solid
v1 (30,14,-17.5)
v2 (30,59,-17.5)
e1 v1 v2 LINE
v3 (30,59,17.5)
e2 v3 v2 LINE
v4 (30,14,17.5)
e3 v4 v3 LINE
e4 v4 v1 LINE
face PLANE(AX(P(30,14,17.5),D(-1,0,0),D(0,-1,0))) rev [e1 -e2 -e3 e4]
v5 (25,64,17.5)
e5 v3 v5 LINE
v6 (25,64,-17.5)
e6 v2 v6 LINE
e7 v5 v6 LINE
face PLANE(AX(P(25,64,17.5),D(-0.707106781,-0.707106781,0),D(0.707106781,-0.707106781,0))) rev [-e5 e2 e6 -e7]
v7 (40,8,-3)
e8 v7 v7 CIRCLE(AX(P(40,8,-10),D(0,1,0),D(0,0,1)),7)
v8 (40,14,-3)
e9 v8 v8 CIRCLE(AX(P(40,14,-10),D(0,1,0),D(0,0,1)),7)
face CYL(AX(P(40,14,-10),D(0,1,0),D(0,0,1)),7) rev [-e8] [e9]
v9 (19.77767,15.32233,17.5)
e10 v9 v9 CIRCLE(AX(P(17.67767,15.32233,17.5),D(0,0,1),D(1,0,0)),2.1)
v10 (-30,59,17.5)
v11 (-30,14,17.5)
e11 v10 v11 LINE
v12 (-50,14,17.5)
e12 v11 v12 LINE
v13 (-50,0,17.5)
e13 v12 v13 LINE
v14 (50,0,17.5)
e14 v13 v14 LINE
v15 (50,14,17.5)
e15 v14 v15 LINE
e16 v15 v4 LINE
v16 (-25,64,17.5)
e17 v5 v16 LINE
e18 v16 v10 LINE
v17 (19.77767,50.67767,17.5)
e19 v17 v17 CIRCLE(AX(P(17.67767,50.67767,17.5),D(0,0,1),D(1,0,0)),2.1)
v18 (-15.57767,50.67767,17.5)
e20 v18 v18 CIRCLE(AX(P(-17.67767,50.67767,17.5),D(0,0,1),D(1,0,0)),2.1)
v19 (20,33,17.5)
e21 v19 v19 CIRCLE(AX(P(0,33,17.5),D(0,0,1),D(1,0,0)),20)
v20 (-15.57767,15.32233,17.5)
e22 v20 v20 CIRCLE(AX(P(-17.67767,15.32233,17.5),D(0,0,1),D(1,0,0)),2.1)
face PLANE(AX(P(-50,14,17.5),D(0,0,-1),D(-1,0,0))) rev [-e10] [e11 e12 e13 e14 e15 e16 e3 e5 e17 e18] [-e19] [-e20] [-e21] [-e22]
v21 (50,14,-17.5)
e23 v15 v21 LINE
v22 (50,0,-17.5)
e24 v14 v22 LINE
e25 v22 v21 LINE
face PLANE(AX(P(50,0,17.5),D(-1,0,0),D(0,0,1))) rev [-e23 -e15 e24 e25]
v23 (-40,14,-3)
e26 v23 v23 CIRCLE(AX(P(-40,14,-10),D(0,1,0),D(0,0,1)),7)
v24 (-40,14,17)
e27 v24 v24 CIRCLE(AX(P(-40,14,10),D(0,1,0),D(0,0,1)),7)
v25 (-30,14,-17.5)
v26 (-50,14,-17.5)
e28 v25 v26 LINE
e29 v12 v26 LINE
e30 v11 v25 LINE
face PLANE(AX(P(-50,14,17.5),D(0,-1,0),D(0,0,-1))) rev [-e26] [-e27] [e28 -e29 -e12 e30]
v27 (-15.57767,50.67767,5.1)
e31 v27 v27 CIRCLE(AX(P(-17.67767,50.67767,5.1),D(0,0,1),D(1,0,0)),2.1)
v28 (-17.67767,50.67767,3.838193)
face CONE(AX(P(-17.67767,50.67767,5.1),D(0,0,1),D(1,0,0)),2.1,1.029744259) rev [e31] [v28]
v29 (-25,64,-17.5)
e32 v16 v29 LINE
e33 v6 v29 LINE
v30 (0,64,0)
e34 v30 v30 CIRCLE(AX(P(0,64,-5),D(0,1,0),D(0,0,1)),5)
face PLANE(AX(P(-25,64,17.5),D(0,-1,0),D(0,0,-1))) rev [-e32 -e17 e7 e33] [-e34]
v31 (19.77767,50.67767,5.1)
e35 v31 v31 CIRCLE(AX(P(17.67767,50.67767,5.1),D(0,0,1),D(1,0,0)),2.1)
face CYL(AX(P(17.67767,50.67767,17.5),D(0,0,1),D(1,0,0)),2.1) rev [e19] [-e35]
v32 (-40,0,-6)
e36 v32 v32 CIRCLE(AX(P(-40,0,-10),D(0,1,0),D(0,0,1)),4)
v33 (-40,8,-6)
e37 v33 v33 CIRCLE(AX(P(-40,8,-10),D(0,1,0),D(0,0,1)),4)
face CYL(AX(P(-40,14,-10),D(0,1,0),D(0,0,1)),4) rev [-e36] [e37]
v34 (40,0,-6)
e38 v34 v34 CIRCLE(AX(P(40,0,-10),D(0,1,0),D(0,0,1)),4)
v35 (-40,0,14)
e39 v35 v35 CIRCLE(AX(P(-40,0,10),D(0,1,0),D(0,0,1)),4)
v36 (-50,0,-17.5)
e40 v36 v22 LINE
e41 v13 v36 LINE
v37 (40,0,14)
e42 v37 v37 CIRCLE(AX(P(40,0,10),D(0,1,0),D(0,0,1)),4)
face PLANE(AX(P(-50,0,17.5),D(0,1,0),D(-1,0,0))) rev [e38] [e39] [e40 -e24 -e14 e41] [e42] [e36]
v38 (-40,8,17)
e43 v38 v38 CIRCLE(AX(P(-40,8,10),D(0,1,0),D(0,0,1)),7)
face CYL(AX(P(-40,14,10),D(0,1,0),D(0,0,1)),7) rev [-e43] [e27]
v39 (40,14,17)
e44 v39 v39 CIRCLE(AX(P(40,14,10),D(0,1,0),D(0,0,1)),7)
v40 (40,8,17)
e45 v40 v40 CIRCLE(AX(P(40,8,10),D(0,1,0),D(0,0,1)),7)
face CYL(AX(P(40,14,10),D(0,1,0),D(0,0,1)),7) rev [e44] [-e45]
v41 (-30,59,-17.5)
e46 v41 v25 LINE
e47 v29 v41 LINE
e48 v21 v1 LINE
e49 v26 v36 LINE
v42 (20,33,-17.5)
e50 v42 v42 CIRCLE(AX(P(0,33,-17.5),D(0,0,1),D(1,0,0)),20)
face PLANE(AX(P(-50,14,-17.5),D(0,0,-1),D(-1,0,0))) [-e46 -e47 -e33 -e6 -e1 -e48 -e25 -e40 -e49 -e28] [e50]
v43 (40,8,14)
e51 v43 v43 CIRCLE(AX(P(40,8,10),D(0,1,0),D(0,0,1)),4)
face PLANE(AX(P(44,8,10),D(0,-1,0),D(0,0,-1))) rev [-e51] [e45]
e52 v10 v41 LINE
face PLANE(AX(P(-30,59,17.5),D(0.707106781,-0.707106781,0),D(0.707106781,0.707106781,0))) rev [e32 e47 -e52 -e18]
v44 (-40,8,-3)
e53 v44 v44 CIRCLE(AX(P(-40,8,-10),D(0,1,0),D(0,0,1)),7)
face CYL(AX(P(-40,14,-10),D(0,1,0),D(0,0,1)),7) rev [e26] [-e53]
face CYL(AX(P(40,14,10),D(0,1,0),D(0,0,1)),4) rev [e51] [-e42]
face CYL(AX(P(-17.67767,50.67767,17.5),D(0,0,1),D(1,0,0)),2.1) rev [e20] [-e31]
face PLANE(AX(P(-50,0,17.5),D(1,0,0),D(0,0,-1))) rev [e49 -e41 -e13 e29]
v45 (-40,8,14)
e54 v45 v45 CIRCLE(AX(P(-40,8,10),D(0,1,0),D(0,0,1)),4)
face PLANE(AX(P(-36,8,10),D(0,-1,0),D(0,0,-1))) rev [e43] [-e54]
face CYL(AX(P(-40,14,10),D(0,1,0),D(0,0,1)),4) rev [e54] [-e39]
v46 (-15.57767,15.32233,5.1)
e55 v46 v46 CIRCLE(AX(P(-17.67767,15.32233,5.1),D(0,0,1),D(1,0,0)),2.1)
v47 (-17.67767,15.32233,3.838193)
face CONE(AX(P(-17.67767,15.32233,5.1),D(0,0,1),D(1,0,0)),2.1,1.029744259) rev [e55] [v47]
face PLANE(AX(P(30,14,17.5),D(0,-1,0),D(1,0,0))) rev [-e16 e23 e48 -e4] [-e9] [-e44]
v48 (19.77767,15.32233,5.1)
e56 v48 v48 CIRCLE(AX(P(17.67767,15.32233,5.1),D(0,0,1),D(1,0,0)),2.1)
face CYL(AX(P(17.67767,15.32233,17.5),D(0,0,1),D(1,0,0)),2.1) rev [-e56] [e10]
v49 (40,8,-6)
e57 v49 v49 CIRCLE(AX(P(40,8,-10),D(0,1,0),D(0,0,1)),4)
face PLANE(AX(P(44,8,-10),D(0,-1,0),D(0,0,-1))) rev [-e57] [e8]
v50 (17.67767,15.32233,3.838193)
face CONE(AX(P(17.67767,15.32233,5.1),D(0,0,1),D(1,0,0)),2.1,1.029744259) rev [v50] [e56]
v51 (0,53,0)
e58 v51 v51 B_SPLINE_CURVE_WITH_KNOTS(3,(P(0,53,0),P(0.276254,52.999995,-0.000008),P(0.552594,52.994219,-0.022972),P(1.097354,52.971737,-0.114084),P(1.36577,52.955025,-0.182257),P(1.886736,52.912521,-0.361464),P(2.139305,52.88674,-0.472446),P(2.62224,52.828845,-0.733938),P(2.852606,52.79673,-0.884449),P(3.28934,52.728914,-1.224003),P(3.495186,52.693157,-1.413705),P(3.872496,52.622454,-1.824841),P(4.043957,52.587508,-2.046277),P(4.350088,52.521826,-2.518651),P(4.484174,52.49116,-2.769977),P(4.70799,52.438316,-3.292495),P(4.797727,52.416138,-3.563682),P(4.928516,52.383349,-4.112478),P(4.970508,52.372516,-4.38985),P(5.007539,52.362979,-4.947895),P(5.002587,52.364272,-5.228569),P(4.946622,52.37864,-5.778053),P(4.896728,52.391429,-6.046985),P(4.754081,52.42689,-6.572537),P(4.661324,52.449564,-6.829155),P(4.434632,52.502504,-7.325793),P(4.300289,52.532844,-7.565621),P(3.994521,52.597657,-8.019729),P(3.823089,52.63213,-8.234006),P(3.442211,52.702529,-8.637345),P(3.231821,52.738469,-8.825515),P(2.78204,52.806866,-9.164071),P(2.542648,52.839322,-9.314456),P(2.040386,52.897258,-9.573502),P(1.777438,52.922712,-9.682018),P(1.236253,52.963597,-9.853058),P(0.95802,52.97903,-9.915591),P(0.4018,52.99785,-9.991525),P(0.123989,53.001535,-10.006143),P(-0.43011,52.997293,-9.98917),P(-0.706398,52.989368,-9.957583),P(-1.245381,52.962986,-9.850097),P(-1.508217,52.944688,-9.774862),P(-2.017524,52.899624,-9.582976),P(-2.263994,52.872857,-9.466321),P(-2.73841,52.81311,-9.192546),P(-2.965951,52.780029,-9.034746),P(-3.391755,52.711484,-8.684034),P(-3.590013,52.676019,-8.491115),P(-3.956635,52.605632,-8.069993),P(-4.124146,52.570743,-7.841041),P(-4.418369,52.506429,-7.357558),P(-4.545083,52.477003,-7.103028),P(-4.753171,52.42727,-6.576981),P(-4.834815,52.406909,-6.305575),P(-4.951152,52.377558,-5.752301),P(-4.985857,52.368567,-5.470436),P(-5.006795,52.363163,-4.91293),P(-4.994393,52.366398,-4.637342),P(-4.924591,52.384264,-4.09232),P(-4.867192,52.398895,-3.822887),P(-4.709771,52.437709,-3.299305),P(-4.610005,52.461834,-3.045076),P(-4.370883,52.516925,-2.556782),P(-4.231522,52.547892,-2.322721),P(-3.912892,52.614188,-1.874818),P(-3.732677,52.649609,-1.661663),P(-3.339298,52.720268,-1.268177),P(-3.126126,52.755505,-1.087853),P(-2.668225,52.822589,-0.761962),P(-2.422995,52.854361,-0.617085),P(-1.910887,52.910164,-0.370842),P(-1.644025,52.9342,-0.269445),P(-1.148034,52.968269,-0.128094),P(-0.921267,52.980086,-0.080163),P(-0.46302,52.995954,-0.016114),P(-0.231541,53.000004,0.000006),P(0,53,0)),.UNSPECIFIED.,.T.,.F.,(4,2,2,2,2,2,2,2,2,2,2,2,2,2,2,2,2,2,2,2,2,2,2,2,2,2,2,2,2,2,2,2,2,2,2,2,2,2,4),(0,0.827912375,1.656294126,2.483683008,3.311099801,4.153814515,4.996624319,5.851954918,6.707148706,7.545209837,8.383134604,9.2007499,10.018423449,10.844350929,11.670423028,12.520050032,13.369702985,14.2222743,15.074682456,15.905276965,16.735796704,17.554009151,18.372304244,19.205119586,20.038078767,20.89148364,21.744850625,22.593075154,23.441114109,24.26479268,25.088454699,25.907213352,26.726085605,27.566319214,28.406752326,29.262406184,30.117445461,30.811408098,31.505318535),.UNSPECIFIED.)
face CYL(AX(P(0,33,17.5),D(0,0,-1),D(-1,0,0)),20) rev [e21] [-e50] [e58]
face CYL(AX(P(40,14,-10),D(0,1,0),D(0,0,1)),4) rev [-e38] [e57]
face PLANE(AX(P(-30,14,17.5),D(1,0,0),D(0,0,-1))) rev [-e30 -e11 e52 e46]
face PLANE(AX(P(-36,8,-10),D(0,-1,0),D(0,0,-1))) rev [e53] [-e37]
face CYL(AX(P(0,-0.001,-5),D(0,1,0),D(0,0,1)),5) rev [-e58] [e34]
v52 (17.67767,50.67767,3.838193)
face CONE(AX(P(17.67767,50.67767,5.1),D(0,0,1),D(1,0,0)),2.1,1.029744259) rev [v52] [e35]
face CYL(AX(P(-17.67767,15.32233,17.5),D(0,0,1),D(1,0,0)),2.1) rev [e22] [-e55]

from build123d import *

# Parameters (mm, degrees)
SKETCH_1_R                   = 20
EXTRUDE_1_DEPTH              = 17.5
HOLE_WIZARD_M6_1_D           = 8
HOLE_WIZARD_M6_1_CBORE_D     = 14
HOLE_WIZARD_M6_1_CBORE_DEPTH = 6
HOLE_WIZARD_M5_1_D           = 4.2
HOLE_WIZARD_M5_1_DEPTH       = 12.4
HOLE_WIZARD_M5_1_TIP         = 1.2618073
CUT_EXTRUDE_2_REACH          = 85.08
CUT_EXTRUDE_2_END_RADIUS     = 20
SKETCH_5_R                   = 5


with BuildPart() as part:
    # 草图1 → 拉伸1 (new, symmetric)
    with BuildSketch(Plane.XY):
        Polygon((30, 14), (50, 14), (50, 0), (-50, 0), (-50, 14), (-30, 14), (-30, 59), (-25, 64), (25, 64), (30, 59), align=None)
        with Locations((0, 33)):
            Circle(SKETCH_1_R, mode=Mode.SUBTRACT)
    extrude(amount=EXTRUDE_1_DEPTH, both=True)

    # M6 六角凹头螺钉的柱形沉头孔1 (through all)
    with Locations(Plane(origin=(-40, 14, 10), x_dir=(0, 0, 1), z_dir=(0, 1, 0))):
        with Locations((0, 0), (-20, 0), (-20, 80), (0, 80)):
            CounterBoreHole(HOLE_WIZARD_M6_1_D / 2, HOLE_WIZARD_M6_1_CBORE_D / 2, HOLE_WIZARD_M6_1_CBORE_DEPTH)

    # M5 螺纹孔1
    with Locations(Plane(origin=(-17.67766953, 15.32233047, 17.5), x_dir=(1, 0, 0), z_dir=(0, 0, 1))):
        with Locations((0, 0), (35.35533906, 0), (35.35533906, 35.35533906), (0, 35.35533906)):
            Hole(HOLE_WIZARD_M5_1_D / 2, depth=HOLE_WIZARD_M5_1_DEPTH)
            with Locations((0, 0, -(HOLE_WIZARD_M5_1_DEPTH + HOLE_WIZARD_M5_1_TIP / 2))):  # 118° drill point
                Cone(0, HOLE_WIZARD_M5_1_D / 2, HOLE_WIZARD_M5_1_TIP, mode=Mode.SUBTRACT)

    # 拉伸2: up to this cylinder (the profile starts outside it)
    cut_extrude_2_end = Plane(origin=(0, 33, -5), z_dir=(0, 0, -1)) * Cylinder(CUT_EXTRUDE_2_END_RADIUS, 211.16, mode=Mode.PRIVATE)
    # 草图5 → 拉伸2 (cut, up to the surface)
    with BuildSketch(Plane(origin=(0, 64, 0), x_dir=(1, 0, 0), z_dir=(0, 1, 0)), mode=Mode.PRIVATE) as cut_extrude_2_sk1:
        with Locations(Location((0, 5, 0), (0, 0, 270))):
            Circle(SKETCH_5_R)
    cut_extrude_2_tool1 = extrude(cut_extrude_2_sk1.sketch, amount=-CUT_EXTRUDE_2_REACH, mode=Mode.PRIVATE) - cut_extrude_2_end
    add(cut_extrude_2_tool1.solids().sort_by_distance((0, 64, -5))[0], mode=Mode.SUBTRACT)


solid = part.part
